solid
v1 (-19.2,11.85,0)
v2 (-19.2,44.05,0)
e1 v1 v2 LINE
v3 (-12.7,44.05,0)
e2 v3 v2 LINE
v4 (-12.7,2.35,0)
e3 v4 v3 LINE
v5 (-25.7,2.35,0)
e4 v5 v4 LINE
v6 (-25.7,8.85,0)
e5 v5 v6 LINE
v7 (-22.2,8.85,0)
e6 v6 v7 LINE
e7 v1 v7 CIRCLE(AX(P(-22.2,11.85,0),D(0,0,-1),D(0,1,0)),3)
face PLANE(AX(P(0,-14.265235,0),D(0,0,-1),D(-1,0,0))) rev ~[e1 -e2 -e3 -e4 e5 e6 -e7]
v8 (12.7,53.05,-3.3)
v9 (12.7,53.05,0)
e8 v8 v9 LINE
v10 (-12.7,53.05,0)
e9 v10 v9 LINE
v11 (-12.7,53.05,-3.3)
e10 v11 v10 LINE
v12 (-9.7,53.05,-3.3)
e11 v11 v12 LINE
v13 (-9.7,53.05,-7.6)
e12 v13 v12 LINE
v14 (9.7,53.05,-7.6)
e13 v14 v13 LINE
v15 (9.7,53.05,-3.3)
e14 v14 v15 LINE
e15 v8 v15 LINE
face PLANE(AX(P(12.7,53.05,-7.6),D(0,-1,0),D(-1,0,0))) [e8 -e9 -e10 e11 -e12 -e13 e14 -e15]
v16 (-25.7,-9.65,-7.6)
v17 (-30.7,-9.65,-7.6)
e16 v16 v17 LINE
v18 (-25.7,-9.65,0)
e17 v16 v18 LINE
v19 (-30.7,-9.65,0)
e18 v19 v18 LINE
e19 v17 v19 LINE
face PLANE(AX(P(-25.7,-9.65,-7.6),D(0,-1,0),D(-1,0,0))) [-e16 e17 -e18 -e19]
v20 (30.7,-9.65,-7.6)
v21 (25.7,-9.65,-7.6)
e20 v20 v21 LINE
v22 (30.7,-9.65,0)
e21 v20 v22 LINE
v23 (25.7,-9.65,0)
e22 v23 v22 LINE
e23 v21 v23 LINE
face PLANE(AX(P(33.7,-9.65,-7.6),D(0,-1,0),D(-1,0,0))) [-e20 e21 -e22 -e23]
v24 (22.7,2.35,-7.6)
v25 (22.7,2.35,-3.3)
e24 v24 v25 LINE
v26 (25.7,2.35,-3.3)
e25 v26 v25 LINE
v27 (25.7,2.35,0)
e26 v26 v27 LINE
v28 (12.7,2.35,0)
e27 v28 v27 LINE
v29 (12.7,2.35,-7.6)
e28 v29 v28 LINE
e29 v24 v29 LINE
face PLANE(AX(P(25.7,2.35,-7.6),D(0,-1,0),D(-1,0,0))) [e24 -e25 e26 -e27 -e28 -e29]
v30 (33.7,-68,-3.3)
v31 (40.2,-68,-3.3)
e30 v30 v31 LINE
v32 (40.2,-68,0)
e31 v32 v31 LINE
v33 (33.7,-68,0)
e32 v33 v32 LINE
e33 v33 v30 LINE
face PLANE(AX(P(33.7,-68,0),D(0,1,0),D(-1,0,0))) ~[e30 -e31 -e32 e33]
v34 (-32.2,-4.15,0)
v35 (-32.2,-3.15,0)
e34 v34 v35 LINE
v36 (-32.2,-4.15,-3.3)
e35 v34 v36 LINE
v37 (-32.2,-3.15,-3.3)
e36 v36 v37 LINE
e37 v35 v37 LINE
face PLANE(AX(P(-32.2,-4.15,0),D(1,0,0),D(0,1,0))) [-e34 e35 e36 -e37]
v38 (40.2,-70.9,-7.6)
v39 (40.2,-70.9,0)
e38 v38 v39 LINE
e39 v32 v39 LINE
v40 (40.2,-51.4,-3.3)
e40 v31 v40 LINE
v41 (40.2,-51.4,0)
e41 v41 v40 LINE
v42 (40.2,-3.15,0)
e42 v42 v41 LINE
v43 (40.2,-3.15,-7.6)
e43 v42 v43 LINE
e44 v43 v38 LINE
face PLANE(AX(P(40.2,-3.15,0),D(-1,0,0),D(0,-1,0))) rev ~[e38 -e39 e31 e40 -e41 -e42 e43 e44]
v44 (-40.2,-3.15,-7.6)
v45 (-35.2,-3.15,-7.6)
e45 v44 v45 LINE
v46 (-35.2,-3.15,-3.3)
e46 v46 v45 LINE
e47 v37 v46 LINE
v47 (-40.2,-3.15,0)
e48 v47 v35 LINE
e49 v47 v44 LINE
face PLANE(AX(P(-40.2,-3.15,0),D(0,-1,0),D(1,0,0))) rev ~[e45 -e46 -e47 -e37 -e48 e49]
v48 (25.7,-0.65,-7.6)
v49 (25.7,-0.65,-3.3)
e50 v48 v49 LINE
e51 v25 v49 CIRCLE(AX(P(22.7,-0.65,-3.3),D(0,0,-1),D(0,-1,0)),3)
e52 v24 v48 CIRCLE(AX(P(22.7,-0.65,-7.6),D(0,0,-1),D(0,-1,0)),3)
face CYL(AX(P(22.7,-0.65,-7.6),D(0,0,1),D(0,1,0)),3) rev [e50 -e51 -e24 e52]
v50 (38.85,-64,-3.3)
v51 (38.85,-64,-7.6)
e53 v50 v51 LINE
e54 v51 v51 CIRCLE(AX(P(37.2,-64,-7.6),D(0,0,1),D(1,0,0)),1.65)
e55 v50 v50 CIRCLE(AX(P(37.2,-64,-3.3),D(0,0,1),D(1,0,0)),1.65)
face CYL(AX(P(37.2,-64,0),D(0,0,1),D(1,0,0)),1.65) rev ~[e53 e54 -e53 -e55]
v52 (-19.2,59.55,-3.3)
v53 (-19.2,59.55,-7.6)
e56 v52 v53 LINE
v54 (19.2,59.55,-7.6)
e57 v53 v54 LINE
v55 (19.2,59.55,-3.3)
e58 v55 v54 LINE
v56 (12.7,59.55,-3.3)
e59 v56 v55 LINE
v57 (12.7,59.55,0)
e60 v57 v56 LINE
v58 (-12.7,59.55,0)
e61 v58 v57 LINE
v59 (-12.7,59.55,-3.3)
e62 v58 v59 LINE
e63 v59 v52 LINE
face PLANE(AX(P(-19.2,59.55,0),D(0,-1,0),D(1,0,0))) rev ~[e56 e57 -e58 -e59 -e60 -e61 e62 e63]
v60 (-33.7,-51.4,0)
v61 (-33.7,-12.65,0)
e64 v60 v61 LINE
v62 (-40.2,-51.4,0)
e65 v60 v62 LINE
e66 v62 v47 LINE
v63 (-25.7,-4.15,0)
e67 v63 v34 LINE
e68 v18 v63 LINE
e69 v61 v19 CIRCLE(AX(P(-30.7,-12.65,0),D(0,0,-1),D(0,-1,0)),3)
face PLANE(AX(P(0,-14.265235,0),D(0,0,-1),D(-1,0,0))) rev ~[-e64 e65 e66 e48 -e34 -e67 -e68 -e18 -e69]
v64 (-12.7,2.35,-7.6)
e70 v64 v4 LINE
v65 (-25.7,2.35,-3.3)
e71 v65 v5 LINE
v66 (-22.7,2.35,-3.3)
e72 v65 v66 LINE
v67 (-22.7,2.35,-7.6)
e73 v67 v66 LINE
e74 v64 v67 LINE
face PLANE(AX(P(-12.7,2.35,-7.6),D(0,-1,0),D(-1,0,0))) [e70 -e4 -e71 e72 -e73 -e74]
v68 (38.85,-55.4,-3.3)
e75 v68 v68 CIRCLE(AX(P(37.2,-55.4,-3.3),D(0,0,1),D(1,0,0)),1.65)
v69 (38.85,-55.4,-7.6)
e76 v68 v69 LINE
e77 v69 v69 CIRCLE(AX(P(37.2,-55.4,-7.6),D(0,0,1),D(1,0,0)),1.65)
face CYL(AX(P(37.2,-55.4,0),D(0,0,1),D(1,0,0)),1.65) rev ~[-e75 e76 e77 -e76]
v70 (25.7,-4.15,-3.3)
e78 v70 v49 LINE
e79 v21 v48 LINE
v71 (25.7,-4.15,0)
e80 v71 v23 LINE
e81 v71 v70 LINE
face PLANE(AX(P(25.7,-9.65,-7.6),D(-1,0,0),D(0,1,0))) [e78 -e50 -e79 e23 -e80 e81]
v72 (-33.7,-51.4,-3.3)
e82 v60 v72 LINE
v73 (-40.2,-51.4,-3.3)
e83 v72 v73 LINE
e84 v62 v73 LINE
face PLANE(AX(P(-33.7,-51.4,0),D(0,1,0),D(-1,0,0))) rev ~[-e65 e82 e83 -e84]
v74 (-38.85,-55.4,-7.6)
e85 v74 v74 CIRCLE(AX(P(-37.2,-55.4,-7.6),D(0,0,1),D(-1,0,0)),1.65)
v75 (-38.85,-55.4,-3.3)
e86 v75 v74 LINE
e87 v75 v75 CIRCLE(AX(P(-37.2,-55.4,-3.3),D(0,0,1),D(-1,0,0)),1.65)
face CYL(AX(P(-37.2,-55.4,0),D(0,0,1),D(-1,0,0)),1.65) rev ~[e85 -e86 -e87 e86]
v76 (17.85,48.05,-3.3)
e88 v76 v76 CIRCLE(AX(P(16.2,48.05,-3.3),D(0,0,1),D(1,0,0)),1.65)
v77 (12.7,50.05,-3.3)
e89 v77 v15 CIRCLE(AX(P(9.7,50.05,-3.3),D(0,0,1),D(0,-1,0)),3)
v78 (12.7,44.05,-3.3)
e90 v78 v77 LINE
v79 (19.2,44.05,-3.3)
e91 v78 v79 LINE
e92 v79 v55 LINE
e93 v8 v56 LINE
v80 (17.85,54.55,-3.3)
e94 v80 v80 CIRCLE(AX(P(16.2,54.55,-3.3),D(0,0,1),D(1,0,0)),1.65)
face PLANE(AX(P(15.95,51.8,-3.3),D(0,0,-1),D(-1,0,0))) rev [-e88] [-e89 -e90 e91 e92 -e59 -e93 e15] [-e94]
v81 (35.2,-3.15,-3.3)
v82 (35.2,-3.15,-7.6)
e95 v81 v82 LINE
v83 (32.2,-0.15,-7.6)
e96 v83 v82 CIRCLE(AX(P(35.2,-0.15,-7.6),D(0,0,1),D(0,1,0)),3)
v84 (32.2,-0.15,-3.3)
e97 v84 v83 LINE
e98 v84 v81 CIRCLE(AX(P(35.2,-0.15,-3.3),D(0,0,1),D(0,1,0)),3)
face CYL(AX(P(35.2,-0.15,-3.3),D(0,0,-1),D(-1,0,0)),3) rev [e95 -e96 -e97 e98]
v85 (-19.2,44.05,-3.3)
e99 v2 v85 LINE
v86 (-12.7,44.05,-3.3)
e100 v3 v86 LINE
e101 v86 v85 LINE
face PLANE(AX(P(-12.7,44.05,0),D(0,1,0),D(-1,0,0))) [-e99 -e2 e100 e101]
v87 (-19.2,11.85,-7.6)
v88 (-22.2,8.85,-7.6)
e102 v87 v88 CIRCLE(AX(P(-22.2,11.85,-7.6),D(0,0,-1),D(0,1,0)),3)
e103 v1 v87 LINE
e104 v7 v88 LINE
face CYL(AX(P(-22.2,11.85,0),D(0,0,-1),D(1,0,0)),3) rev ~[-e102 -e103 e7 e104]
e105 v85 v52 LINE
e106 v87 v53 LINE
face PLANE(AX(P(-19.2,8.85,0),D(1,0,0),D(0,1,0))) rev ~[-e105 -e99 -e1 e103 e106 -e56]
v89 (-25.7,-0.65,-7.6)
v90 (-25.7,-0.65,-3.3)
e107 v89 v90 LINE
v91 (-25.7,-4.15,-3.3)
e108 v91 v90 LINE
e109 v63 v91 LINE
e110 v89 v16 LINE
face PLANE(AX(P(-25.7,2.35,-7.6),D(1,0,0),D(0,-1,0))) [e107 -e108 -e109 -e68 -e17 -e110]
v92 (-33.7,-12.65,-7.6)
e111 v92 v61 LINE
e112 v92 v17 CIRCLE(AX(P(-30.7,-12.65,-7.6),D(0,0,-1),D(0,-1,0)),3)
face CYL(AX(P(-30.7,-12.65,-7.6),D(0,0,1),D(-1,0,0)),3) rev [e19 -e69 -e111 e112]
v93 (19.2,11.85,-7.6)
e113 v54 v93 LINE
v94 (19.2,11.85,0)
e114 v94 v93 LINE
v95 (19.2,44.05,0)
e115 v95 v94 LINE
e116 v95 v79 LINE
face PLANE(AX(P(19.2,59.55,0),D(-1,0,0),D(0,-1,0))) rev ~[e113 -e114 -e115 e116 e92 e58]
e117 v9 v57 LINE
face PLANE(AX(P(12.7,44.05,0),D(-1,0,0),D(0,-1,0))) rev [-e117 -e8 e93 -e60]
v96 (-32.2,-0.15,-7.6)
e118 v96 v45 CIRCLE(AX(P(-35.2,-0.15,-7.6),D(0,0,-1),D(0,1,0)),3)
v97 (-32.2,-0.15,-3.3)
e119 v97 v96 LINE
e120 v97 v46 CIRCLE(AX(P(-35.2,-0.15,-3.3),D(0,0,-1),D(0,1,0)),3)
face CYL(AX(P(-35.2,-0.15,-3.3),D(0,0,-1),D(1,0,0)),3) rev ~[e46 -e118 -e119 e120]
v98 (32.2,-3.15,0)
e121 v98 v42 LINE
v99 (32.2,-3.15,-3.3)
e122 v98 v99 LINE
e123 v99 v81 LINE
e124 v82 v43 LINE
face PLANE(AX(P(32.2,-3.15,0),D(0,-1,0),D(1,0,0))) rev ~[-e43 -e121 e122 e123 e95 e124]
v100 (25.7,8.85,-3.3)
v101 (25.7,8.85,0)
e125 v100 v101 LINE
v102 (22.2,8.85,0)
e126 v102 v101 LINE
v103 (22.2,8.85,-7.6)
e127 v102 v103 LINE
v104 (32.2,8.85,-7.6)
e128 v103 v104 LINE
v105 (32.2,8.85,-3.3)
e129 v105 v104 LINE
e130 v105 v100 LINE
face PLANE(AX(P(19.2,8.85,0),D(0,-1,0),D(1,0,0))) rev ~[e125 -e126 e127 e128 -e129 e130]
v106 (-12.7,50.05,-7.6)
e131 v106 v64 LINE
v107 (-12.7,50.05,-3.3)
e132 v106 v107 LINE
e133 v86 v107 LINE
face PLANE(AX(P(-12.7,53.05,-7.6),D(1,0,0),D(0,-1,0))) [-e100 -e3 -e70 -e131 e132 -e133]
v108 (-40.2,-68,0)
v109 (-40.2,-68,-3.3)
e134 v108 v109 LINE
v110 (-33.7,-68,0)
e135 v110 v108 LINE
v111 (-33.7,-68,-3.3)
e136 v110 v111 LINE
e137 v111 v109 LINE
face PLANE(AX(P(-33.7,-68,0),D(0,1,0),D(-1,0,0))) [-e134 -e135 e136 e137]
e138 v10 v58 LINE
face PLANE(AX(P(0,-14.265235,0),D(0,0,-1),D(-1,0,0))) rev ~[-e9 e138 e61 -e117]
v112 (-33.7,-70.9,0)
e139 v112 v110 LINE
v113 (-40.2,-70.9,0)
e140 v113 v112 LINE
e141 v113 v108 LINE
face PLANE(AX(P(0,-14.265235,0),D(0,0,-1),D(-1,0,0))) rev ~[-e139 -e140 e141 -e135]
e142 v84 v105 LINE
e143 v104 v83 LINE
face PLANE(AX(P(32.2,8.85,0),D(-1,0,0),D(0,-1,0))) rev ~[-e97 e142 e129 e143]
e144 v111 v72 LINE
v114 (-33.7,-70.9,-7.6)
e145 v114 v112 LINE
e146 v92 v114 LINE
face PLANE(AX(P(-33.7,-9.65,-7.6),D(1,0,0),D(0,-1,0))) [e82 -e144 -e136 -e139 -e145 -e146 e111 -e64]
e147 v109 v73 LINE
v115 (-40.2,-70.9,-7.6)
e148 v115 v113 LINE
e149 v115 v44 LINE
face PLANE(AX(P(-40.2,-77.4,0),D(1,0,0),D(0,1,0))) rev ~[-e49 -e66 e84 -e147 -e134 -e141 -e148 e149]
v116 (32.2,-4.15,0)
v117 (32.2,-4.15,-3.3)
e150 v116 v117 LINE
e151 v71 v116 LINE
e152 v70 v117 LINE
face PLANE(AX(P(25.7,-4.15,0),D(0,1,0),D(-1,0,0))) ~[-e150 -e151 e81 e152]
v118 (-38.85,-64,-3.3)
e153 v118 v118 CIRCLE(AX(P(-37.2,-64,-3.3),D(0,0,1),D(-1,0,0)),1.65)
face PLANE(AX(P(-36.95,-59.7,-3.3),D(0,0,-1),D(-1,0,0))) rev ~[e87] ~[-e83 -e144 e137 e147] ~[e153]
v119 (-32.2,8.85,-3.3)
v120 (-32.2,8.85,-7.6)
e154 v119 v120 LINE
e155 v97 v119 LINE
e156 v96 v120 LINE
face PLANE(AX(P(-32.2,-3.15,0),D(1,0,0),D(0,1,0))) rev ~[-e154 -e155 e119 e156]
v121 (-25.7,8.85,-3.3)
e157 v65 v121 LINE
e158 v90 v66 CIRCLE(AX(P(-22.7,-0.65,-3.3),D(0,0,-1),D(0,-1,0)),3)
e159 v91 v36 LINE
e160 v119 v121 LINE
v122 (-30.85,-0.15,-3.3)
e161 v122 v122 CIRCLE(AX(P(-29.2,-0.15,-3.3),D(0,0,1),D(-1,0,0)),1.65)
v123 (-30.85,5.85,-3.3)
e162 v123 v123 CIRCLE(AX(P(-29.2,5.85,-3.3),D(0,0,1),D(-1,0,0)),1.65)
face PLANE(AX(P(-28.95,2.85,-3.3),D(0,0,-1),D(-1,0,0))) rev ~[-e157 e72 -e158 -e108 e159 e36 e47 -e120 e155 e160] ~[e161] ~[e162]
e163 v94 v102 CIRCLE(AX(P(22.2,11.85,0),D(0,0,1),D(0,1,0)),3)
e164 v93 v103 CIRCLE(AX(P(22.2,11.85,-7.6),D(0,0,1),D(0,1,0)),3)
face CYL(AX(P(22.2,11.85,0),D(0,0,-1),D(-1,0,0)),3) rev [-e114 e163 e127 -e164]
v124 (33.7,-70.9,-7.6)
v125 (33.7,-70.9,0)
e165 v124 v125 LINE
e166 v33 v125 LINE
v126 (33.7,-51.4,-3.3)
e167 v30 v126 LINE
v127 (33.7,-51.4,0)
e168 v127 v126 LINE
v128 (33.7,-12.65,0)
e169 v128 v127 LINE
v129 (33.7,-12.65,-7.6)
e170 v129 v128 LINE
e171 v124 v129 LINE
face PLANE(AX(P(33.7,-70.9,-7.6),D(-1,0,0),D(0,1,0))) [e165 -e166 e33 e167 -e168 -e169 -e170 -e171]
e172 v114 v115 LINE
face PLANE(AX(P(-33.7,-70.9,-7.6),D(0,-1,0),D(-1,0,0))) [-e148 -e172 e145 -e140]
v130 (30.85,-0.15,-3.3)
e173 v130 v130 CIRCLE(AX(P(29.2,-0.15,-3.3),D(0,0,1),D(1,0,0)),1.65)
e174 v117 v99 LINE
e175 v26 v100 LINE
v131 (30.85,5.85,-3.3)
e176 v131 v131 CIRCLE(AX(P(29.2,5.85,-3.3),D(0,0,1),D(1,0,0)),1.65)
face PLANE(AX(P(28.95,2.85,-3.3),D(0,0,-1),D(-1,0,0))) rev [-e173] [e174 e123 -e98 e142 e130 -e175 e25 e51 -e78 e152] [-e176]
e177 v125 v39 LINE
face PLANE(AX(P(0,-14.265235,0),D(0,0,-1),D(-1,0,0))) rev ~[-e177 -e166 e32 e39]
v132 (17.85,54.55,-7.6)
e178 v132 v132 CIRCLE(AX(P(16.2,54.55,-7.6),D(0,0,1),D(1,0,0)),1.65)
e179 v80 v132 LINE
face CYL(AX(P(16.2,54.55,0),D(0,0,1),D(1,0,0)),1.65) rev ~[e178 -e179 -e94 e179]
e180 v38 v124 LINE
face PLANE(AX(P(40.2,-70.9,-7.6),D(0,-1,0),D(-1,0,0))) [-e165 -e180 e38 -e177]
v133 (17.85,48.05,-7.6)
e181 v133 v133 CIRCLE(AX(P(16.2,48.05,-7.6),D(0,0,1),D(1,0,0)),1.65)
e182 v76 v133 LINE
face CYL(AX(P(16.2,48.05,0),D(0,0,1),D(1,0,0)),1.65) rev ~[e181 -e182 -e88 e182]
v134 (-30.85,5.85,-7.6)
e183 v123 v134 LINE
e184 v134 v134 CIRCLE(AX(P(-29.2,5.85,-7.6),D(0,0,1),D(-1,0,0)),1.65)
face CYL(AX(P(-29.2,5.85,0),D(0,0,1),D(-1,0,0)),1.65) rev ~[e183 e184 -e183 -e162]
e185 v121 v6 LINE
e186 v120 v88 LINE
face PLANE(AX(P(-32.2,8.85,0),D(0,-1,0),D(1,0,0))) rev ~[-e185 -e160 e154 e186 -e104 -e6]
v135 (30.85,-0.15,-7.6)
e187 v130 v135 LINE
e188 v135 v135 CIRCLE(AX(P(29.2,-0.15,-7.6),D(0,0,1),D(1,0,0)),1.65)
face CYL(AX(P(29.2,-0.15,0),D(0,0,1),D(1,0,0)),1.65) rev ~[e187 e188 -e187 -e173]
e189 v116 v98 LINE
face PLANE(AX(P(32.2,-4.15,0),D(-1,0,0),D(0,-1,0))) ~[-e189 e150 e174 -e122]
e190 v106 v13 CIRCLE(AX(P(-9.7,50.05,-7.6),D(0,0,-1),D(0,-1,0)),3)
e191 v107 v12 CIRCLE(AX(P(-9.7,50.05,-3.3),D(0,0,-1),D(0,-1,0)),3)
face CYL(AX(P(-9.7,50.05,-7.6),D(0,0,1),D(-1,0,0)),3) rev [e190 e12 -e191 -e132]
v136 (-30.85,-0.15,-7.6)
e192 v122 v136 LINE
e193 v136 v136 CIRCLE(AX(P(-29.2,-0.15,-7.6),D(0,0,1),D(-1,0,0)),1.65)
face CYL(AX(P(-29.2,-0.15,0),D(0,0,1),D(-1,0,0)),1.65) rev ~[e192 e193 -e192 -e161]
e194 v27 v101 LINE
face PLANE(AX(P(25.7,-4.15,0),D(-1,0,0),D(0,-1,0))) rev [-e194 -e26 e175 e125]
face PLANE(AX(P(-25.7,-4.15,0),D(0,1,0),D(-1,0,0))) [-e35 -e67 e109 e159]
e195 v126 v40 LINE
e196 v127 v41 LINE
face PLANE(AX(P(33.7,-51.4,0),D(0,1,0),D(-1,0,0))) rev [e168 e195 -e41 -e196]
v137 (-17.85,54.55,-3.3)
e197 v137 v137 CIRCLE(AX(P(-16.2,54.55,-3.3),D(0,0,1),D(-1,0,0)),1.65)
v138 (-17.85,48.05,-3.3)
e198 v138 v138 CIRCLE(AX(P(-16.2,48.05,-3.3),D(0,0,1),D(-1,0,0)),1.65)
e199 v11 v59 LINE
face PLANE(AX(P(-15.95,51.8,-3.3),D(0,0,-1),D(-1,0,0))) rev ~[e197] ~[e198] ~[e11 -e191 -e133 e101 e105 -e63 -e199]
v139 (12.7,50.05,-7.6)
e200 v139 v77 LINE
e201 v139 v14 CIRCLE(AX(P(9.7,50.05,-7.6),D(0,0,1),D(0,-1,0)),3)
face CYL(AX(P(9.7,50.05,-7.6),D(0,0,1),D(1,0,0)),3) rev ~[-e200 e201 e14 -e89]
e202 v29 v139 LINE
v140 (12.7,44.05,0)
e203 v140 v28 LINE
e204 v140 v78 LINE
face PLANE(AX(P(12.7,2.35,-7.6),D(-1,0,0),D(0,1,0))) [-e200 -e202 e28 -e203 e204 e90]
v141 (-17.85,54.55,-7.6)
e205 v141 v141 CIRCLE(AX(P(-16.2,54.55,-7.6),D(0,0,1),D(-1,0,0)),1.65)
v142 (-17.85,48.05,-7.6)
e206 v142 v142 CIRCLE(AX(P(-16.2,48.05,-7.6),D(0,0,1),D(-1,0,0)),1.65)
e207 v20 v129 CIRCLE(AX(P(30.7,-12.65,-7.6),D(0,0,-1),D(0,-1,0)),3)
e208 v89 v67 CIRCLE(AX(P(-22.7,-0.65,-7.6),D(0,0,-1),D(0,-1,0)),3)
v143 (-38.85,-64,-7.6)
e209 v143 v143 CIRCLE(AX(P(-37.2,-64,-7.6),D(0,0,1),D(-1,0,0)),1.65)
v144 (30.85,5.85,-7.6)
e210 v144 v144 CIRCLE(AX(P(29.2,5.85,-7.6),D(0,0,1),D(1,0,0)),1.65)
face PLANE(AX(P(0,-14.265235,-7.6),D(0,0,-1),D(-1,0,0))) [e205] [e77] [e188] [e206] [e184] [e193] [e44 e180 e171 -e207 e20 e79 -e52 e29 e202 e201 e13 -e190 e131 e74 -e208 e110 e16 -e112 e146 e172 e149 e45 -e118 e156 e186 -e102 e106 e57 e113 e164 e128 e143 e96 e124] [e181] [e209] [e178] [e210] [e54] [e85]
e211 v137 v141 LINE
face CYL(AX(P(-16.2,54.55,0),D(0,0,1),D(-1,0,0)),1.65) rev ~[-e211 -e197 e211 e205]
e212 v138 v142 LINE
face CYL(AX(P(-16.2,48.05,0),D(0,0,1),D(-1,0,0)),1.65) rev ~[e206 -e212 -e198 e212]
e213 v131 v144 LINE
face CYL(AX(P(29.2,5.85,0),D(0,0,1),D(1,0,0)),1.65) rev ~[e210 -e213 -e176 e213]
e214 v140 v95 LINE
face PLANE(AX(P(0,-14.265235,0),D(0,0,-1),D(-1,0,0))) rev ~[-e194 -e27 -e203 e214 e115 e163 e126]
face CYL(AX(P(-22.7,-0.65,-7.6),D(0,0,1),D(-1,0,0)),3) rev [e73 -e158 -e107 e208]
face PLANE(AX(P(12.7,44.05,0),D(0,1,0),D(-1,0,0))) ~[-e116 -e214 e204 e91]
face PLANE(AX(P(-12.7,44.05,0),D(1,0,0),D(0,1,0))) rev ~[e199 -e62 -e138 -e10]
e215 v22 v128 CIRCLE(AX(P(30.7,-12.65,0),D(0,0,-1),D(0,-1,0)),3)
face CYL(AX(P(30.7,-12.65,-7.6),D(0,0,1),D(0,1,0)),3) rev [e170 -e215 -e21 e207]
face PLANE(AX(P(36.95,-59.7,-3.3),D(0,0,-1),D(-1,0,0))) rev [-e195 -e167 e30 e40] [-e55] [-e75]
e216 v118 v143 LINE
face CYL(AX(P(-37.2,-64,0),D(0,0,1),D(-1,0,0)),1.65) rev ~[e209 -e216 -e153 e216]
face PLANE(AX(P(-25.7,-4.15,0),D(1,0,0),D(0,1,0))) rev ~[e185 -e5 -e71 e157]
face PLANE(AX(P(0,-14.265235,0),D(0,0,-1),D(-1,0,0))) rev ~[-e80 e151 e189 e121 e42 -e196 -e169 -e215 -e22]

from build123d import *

# Parameters (mm, degrees)
SKETCH1_R           = 1.65
BOSS_EXTRUDE1_DEPTH = 7.6
CUT_EXTRUDE1_REACH  = 89.547
SKETCH3_W           = 6.5
SKETCH3_H           = 15.5
SKETCH3_H_2         = 14
SKETCH3_H_3         = 16.6
CUT_EXTRUDE2_DEPTH  = 3.3
FILLET1_R           = 3


with BuildPart() as part:
    # Sketch1 → Boss-Extrude1 (new body)
    with BuildSketch(Plane.XY):
        Polygon((19.2, 59.55), (19.2, 8.85), (32.2, 8.85), (32.2, -3.15), (40.2, -3.15), (40.2, -77.4), (-40.2, -77.4), (-40.2, -3.15), (-32.2, -3.15), (-32.2, 8.85), (-19.2, 8.85), (-19.2, 59.55), align=None)
        with Locations((29.2, 5.85)):
            Circle(SKETCH1_R, mode=Mode.SUBTRACT)
        with Locations((29.2, -0.15)):
            Circle(SKETCH1_R, mode=Mode.SUBTRACT)
        with Locations((37.2, -55.4)):
            Circle(SKETCH1_R, mode=Mode.SUBTRACT)
        with Locations((37.2, -64)):
            Circle(SKETCH1_R, mode=Mode.SUBTRACT)
        with Locations((16.2, 48.05)):
            Circle(SKETCH1_R, mode=Mode.SUBTRACT)
        with Locations((16.2, 54.55)):
            Circle(SKETCH1_R, mode=Mode.SUBTRACT)
        with Locations(Location((-16.2, 54.55, 0), (0, 0, 180))):
            Circle(SKETCH1_R, mode=Mode.SUBTRACT)
        with Locations(Location((-16.2, 48.05, 0), (0, 0, 180))):
            Circle(SKETCH1_R, mode=Mode.SUBTRACT)
        with Locations(Location((-37.2, -64, 0), (0, 0, 180))):
            Circle(SKETCH1_R, mode=Mode.SUBTRACT)
        with Locations(Location((-37.2, -55.4, 0), (0, 0, 180))):
            Circle(SKETCH1_R, mode=Mode.SUBTRACT)
        with Locations(Location((-29.2, -0.15, 0), (0, 0, 180))):
            Circle(SKETCH1_R, mode=Mode.SUBTRACT)
        with Locations(Location((-29.2, 5.85, 0), (0, 0, 180))):
            Circle(SKETCH1_R, mode=Mode.SUBTRACT)
    extrude(amount=-BOSS_EXTRUDE1_DEPTH)

    # Sketch2 → Cut-Extrude1 (cut, up to next)
    with BuildSketch(Plane(origin=(0, 0, -7.6), x_dir=(-1, 0, 0), z_dir=(0, 0, -1)), mode=Mode.PRIVATE) as cut_extrude1_sk1:
        Polygon((-12.7, 2.35), (-12.7, 53.05), (12.7, 53.05), (12.7, 2.35), (25.7, 2.35), (25.7, -9.65), (33.7, -9.65), (33.7, -70.9), (40.2, -70.9), (40.2, -77.4), (-40.2, -77.4), (-40.2, -70.9), (-33.7, -70.9), (-33.7, -9.65), (-25.7, -9.65), (-25.7, 2.35), align=None)
    cut_extrude1_tool1 = extrude(cut_extrude1_sk1.sketch, amount=-CUT_EXTRUDE1_REACH, mode=Mode.PRIVATE) & part.part
    add(cut_extrude1_tool1.solids().sort_by_distance((0, -26.176143, -7.6))[0], mode=Mode.SUBTRACT)

    # Sketch3 → Cut-Extrude2 (cut)
    with BuildSketch(Plane(origin=(0, 0, 0), x_dir=(-1, 0, 0), z_dir=(0, 0, -1))):
        with Locations((15.95, 51.8)):
            Rectangle(SKETCH3_W, SKETCH3_H)
        with Locations((28.95, 2.85)):
            Rectangle(SKETCH3_W, SKETCH3_H_2)
        with Locations((36.95, -59.7)):
            Rectangle(SKETCH3_W, SKETCH3_H_3)
    cut_extrude2 = extrude(amount=CUT_EXTRUDE2_DEPTH, mode=Mode.SUBTRACT)

    # Mirror1: Cut-Extrude2 across plane
    add(cut_extrude2.mirror(Plane(origin=(0, 0, 0), x_dir=(0, 0, 1), z_dir=(1, 0, 0))), mode=Mode.SUBTRACT)

    # Fillet1
    fillet1_edges = [part.edges().sort_by_distance(p)[0] for p in [
        (-25.7, 2.35, -5.45),
        (-12.7, 53.05, -5.45),
        (19.2, 8.85, -3.8),
        (32.2, -3.15, -5.45),
        (25.7, 2.35, -5.45),
        (12.7, 53.05, -5.45),
        (-32.2, -3.15, -5.45),
        (-19.2, 8.85, -3.8),
        (-33.7, -9.65, -3.8),
        (33.7, -9.65, -3.8),
    ]]
    fillet(fillet1_edges, radius=FILLET1_R)


solid = part.part
